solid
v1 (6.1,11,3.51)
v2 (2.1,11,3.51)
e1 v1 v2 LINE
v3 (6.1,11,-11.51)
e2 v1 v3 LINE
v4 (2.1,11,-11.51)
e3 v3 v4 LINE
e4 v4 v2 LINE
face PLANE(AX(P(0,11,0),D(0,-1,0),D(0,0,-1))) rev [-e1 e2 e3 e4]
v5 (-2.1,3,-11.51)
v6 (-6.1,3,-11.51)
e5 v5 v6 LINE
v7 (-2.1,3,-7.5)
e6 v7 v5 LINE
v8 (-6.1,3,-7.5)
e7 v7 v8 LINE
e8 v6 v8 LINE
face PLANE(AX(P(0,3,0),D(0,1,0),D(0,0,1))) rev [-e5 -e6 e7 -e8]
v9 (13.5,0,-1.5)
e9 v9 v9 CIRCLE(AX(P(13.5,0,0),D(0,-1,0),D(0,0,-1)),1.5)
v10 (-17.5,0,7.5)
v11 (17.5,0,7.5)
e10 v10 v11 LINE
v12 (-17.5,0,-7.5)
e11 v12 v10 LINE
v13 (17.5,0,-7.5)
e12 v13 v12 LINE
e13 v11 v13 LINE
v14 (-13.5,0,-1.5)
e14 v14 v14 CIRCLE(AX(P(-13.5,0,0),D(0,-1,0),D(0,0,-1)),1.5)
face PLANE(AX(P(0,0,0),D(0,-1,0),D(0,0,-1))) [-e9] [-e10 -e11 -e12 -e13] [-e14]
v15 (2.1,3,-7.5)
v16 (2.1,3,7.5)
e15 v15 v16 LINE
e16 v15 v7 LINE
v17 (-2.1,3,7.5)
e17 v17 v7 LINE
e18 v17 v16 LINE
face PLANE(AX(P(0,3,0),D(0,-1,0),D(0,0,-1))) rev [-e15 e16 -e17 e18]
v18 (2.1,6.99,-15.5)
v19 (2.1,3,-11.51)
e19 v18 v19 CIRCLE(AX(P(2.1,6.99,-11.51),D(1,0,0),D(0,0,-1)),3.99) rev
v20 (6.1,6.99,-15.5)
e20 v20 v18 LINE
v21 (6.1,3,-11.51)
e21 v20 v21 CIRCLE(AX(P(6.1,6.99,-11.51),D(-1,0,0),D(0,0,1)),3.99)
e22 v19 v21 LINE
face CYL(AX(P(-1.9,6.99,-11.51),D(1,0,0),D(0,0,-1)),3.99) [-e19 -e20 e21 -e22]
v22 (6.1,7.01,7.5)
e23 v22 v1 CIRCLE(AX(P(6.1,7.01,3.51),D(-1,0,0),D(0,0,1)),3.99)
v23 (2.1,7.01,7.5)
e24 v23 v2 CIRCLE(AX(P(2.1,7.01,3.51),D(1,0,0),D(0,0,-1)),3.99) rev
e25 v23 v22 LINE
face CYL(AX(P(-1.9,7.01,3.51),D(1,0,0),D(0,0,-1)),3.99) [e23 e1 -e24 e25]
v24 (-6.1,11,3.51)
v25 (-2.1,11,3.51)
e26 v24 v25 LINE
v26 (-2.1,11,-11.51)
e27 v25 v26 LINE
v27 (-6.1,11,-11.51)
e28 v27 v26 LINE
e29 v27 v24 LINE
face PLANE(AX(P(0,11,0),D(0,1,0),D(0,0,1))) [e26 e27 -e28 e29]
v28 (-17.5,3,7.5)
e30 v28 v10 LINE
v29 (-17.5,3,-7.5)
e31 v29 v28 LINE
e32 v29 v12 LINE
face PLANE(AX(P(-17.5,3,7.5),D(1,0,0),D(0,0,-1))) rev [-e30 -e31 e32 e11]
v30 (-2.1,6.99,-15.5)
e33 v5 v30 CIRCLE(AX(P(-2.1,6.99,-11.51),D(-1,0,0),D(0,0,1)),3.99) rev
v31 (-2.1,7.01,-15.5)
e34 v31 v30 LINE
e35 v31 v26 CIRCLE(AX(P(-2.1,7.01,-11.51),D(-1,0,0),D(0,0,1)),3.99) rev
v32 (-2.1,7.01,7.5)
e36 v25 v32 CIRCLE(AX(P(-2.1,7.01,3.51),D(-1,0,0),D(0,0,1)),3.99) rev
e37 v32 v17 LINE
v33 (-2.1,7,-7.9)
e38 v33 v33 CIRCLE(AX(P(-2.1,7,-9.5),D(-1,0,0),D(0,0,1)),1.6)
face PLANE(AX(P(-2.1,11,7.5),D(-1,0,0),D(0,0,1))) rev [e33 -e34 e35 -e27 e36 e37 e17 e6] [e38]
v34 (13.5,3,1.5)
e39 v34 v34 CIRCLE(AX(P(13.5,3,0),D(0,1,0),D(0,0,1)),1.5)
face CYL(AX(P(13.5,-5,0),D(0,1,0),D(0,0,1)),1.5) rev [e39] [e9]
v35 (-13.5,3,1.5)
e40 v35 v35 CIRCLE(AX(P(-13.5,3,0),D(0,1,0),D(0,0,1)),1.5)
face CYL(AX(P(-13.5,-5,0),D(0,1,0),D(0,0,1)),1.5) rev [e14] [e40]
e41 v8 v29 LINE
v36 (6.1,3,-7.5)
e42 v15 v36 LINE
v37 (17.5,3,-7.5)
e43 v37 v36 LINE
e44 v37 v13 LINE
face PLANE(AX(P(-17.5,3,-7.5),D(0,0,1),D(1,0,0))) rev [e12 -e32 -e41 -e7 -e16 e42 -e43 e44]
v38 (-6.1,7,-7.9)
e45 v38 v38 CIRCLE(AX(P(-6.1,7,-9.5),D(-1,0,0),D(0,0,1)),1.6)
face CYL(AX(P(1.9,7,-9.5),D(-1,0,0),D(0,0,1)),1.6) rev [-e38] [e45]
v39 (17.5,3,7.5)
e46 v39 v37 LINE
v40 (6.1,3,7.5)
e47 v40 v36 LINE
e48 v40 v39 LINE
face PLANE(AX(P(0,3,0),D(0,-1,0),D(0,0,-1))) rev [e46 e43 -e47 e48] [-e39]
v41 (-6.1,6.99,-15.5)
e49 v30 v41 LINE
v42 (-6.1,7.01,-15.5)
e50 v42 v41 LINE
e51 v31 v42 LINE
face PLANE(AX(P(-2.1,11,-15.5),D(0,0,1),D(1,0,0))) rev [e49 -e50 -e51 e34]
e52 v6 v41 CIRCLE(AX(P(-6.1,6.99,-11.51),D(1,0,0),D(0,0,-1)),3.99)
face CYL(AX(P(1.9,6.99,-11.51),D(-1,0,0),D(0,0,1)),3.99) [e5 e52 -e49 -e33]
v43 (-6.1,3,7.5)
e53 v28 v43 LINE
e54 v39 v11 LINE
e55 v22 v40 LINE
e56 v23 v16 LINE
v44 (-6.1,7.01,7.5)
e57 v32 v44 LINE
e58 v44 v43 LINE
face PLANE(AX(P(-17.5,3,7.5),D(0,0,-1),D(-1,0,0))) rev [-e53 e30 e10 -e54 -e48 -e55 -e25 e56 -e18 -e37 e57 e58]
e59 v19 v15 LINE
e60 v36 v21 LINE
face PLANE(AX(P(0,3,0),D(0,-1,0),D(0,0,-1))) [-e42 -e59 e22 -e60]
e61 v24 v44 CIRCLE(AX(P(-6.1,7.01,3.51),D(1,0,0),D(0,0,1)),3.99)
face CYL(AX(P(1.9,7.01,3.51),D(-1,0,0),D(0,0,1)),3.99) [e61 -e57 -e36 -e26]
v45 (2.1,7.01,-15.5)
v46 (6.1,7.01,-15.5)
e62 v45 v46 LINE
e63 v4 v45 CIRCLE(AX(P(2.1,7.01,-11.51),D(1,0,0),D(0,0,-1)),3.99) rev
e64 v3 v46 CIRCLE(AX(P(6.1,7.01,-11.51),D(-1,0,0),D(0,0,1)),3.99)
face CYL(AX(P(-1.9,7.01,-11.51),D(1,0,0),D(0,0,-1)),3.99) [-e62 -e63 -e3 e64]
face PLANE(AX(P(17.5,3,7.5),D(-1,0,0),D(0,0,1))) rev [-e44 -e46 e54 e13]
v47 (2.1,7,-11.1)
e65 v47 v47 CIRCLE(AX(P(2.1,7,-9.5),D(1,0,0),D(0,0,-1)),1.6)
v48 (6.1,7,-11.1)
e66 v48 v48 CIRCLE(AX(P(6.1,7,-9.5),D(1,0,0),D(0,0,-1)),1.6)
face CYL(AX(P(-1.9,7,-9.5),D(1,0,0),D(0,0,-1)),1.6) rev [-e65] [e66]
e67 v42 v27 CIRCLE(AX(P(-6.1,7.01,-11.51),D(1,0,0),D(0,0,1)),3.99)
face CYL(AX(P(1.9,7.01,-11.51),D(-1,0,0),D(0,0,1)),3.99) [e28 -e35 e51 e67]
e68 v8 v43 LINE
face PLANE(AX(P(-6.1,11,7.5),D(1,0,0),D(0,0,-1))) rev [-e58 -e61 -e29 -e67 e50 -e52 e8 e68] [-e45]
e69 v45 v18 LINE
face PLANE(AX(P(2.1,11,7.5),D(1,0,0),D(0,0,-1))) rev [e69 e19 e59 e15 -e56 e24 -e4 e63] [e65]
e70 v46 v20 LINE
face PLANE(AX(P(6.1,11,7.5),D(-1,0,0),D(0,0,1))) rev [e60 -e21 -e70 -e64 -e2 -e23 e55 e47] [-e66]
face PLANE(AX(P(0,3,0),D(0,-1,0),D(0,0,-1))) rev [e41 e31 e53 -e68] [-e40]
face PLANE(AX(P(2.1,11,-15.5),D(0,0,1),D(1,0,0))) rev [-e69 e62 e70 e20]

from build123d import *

# Parameters (mm, degrees)
SKETCH1_W           = 35
SKETCH1_H           = 15
BOSS_EXTRUDE1_DEPTH = 3
SKETCH2_W           = 4
SKETCH2_H           = 23
BOSS_EXTRUDE2_DEPTH = 8
SKETCH3_R           = 1.6
CUT_EXTRUDE1_DEPTH  = 8
CUT_EXTRUDE2_START  = -8
SKETCH5_R           = 1.6
CUT_EXTRUDE2_DEPTH  = 8
SKETCH6_R           = 1.5
CUT_EXTRUDE3_DEPTH  = 8


with BuildPart() as part:
    # Sketch1 → Boss-Extrude1 (new body)
    with BuildSketch(Plane(origin=(0, 0, 0), x_dir=(1, 0, 0), z_dir=(0, 1, 0))):
        Rectangle(SKETCH1_W, SKETCH1_H)
    extrude(amount=BOSS_EXTRUDE1_DEPTH)

    # Sketch2 → Boss-Extrude2 (add)
    with BuildSketch(Plane(origin=(0, 3, 0), x_dir=(1, 0, 0), z_dir=(0, 1, 0))):
        with Locations((-4.1, 4)):
            Rectangle(SKETCH2_W, SKETCH2_H)
        with Locations((4.1, 4)):
            Rectangle(SKETCH2_W, SKETCH2_H)
    extrude(amount=BOSS_EXTRUDE2_DEPTH)

    # Sketch3 → Cut-Extrude1 (cut)
    with BuildSketch(Plane.ZY.offset(6.1)):
        with Locations((-9.5, 7)):
            Circle(SKETCH3_R)
        with BuildLine():
            Line((-15.5, 6.99), (-15.5, 3))
            Line((-15.5, 3), (-11.51, 3))
            ThreePointArc((-11.51, 3), (-14.331356057, 4.168643943), (-15.5, 6.99))
        make_face()
        with BuildLine():
            Line((-15.5, 7.01), (-15.5, 11))
            Line((-15.5, 11), (-11.51, 11))
            ThreePointArc((-11.51, 11), (-14.331356057, 9.831356057), (-15.5, 7.01))
        make_face()
        with BuildLine():
            Line((7.5, 11), (7.5, 7.01))
            ThreePointArc((7.5, 7.01), (6.331356057, 9.831356057), (3.51, 11))
            Line((3.51, 11), (7.5, 11))
        make_face()
    extrude(amount=-CUT_EXTRUDE1_DEPTH, mode=Mode.SUBTRACT)

    # Sketch5 → Cut-Extrude2 (cut)
    with BuildSketch(Plane(origin=(6.1, 0, 0), x_dir=(0, 0, -1), z_dir=(1, 0, 0)).offset(CUT_EXTRUDE2_START)):
        with Locations(Location((9.5, 7, 0), (0, 0, 180))):
            Circle(SKETCH5_R)
        with BuildLine():
            Line((11.51, 11), (15.5, 11))
            Line((15.5, 11), (15.5, 7.01))
            ThreePointArc((15.5, 7.01), (14.331356057, 9.831356057), (11.51, 11))
        make_face()
        with BuildLine():
            Line((15.5, 6.99), (15.5, 3))
            Line((15.5, 3), (11.51, 3))
            ThreePointArc((11.51, 3), (14.331356057, 4.168643943), (15.5, 6.99))
        make_face()
        with BuildLine():
            Line((-7.5, 7.01), (-7.5, 11))
            Line((-7.5, 11), (-3.51, 11))
            ThreePointArc((-3.51, 11), (-6.331356057, 9.831356057), (-7.5, 7.01))
        make_face()
    extrude(amount=CUT_EXTRUDE2_DEPTH, mode=Mode.SUBTRACT)

    # Sketch6 → Cut-Extrude3 (cut)
    with BuildSketch(Plane(origin=(0, 3, 0), x_dir=(1, 0, 0), z_dir=(0, 1, 0))):
        with Locations(Location((13.5, 0, 0), (0, 0, 270))):
            Circle(SKETCH6_R)
        with Locations(Location((-13.5, 0, 0), (0, 0, 270))):
            Circle(SKETCH6_R)
    extrude(amount=-CUT_EXTRUDE3_DEPTH, mode=Mode.SUBTRACT)


solid = part.part
